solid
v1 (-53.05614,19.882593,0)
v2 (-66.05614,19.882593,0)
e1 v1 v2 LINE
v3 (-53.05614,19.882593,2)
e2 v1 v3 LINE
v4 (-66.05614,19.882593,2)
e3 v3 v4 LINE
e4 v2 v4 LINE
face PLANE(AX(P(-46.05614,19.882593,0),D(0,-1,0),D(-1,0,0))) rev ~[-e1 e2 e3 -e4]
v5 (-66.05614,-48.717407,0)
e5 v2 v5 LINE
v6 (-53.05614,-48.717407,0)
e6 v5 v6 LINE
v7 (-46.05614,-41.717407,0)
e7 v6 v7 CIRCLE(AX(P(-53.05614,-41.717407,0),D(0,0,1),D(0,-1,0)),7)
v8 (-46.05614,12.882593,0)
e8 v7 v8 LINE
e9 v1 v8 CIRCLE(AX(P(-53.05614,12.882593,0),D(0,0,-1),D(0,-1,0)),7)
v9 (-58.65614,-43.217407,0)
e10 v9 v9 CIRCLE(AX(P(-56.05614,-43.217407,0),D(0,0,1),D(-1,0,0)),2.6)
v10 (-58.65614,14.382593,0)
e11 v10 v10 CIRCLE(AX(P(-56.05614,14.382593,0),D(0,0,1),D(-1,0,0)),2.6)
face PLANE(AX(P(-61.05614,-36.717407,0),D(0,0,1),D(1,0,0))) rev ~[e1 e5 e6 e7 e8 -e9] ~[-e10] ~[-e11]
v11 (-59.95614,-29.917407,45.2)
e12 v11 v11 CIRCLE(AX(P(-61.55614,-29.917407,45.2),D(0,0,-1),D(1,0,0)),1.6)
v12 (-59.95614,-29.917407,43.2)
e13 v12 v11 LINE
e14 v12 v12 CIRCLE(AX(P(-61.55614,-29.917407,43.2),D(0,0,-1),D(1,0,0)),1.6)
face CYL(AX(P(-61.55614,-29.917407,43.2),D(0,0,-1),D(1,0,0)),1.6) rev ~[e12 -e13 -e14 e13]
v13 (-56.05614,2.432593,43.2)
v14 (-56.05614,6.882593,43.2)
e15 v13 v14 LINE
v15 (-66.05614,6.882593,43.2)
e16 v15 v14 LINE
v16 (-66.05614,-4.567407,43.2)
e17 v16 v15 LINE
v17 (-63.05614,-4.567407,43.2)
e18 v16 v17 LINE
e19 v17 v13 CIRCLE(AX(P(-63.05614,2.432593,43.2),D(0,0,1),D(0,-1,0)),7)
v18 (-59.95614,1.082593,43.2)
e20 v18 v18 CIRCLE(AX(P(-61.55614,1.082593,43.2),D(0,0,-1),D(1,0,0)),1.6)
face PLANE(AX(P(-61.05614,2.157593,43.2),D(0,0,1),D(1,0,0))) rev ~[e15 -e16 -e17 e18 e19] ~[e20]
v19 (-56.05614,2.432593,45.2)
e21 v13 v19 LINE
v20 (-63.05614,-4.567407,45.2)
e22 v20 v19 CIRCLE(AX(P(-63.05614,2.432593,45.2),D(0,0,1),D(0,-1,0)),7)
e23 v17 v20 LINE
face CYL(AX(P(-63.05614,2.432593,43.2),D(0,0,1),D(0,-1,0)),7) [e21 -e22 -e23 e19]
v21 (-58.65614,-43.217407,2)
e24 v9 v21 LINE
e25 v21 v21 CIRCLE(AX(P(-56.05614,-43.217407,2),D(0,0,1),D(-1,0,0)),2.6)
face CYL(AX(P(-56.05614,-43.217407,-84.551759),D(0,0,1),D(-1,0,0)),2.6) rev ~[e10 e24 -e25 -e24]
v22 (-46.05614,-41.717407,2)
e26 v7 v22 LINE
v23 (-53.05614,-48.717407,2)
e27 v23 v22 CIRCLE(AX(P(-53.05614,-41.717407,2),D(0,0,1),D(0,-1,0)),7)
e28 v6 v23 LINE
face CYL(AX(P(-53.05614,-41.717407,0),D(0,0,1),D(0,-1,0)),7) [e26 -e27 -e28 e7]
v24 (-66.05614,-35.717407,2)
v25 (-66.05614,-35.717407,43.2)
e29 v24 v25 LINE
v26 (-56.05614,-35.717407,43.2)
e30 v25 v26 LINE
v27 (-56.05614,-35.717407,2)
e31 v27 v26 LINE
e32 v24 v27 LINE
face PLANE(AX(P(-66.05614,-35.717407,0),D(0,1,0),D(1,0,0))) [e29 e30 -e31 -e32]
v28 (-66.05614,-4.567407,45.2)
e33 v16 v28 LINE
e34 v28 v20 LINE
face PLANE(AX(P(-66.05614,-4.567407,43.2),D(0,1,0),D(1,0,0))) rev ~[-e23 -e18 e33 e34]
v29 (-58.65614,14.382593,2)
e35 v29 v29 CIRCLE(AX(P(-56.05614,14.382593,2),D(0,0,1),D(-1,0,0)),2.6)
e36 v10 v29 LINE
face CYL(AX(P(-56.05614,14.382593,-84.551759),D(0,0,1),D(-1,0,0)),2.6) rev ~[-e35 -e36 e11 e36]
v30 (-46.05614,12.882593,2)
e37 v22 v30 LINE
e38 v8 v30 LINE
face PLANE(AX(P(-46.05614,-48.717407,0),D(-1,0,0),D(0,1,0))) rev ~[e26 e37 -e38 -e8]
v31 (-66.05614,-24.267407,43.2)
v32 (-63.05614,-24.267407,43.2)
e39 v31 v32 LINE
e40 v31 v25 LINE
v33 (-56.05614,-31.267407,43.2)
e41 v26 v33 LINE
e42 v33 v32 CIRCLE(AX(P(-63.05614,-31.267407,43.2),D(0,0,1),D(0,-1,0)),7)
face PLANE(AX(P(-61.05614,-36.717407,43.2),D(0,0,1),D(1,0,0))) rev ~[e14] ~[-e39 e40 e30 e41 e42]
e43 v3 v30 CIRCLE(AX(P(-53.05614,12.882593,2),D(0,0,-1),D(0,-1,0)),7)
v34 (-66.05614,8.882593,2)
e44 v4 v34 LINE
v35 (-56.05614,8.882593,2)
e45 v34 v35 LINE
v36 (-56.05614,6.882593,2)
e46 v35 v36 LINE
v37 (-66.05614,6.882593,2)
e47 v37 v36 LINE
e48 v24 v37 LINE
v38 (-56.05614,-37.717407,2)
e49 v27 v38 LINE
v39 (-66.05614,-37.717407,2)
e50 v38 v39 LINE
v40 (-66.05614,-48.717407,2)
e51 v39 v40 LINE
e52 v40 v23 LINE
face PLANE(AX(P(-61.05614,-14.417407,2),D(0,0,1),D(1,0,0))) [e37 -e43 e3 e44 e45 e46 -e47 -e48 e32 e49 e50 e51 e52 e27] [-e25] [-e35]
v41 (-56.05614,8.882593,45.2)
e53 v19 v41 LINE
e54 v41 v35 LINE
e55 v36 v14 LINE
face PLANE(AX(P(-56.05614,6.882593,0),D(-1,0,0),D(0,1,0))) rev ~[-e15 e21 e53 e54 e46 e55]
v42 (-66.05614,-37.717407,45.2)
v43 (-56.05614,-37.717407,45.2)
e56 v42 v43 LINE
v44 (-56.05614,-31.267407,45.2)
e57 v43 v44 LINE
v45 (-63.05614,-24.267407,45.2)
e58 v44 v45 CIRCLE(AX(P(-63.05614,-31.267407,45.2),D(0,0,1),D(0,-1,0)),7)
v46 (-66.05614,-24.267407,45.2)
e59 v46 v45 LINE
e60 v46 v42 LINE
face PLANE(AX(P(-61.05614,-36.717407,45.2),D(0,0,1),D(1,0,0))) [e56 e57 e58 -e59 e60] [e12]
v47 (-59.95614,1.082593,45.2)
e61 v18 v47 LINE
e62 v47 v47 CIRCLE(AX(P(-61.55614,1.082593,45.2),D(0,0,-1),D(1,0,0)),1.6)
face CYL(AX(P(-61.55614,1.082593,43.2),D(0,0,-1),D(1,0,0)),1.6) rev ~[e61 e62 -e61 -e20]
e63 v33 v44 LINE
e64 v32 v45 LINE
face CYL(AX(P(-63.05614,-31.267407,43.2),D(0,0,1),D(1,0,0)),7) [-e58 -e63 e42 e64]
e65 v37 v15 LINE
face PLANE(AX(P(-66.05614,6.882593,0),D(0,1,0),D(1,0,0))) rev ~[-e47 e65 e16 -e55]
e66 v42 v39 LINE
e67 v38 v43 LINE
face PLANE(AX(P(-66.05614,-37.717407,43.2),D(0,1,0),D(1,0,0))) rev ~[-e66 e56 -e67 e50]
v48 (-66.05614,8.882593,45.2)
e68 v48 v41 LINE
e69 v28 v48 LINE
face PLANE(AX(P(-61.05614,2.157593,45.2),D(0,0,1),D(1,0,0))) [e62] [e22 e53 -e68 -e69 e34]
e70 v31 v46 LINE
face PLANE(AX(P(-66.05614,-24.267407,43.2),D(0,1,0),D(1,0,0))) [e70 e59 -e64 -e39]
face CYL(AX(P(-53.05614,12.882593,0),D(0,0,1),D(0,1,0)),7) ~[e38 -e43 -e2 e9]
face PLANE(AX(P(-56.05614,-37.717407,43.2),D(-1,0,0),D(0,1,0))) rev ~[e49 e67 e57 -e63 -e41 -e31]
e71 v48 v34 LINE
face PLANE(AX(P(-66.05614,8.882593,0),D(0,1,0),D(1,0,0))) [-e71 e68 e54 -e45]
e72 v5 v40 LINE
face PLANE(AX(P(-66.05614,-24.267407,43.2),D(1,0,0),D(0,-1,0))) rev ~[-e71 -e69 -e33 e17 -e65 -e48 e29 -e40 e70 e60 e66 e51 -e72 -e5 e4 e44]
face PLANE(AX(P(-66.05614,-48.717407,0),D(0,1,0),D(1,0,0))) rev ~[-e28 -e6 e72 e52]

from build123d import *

# Parameters (mm, degrees)
F0_W     = 10
F0_H     = 42.6
F1_DEPTH = 2
F0_H_2   = 2
F2_DEPTH = 43.2
F3_W     = 10
F3_H     = 2
F3_H_2   = 13.45
F3_H_3   = 11.45
F4_DEPTH = 2
F5_D     = 3.2
F5_DEPTH = 2.001
F6_D     = 5.2
F7_R     = 7


with BuildPart() as f1:
    # F0 (on Top) → F1 (new body)
    with BuildSketch(Plane.XY):
        with Locations((-61.0561398208, -14.4174070306)):
            Rectangle(F0_W, F0_H)
        Polygon((-61.0561398208, -48.7174070306), (-51.0561398208, -48.7174070306), (-51.0561398208, -37.7174070306), (-56.0561398208, -37.7174070306), (-66.0561398208, -37.7174070306), (-66.0561398208, -48.7174070306), align=None)
        Polygon((-51.0561398208, 19.8825929694), (-61.0561398208, 19.8825929694), (-66.0561398208, 19.8825929694), (-66.0561398208, 8.8825929694), (-56.0561398208, 8.8825929694), (-51.0561398208, 8.8825929694), align=None)
        Polygon((-46.0561398208, 19.8825929694), (-51.0561398208, 19.8825929694), (-51.0561398208, 8.8825929694), (-56.0561398208, 8.8825929694), (-56.0561398208, 6.8825929694), (-56.0561398208, -35.7174070306), (-56.0561398208, -37.7174070306), (-51.0561398208, -37.7174070306), (-51.0561398208, -48.7174070306), (-46.0561398208, -48.7174070306), align=None)
    extrude(amount=F1_DEPTH)

    # F0 (on Top) → F2 (join)
    with BuildSketch(Plane.XY):
        with Locations((-61.0561398208, -36.7174070306)):
            Rectangle(F0_W, F0_H_2)
        with Locations((-61.0561398208, 7.8825929694)):
            Rectangle(F0_W, F0_H_2)
    extrude(amount=F2_DEPTH)

    # F3 (on face) → F4 (join)
    with BuildSketch(Plane.XY.offset(43.2)):
        with Locations((-61.0561398208, -36.7174070306)):
            Rectangle(F3_W, F3_H)
        with Locations((-61.0561398208, 2.1575929694)):
            Rectangle(F3_W, F3_H_2)
        with Locations((-61.0561398208, -29.9924070306)):
            Rectangle(F3_W, F3_H_3)
    extrude(amount=F4_DEPTH)

    # F5 (through all, one way)
    with BuildSketch(Plane(origin=(0, 0, 43.2), x_dir=(1, 0, 0), z_dir=(0, 0, -1))):
        with Locations((-61.5561398208, -1.0825929694), (-61.5561398208, 29.9174070306)):
            Circle(F5_D / 2)
    extrude(amount=-F5_DEPTH, mode=Mode.SUBTRACT)

    # F6 (through all)
    with Locations(Plane(origin=(0, 0, 0), x_dir=(1, 0, 0), z_dir=(0, 0, -1))):
        with Locations((-56.0561398208, -14.3825929694), (-56.0561398208, 43.2174070306)):
            Hole(F6_D / 2)

    # F7
    f7_edges = [f1.edges().sort_by_distance(p)[0] for p in [
        (-56.05614, -4.567407, 44.2),
        (-56.05614, -24.267407, 44.2),
        (-46.05614, 19.882593, 1),
        (-46.05614, -48.717407, 1),
    ]]
    fillet(f7_edges, radius=F7_R)


solid = f1.part
